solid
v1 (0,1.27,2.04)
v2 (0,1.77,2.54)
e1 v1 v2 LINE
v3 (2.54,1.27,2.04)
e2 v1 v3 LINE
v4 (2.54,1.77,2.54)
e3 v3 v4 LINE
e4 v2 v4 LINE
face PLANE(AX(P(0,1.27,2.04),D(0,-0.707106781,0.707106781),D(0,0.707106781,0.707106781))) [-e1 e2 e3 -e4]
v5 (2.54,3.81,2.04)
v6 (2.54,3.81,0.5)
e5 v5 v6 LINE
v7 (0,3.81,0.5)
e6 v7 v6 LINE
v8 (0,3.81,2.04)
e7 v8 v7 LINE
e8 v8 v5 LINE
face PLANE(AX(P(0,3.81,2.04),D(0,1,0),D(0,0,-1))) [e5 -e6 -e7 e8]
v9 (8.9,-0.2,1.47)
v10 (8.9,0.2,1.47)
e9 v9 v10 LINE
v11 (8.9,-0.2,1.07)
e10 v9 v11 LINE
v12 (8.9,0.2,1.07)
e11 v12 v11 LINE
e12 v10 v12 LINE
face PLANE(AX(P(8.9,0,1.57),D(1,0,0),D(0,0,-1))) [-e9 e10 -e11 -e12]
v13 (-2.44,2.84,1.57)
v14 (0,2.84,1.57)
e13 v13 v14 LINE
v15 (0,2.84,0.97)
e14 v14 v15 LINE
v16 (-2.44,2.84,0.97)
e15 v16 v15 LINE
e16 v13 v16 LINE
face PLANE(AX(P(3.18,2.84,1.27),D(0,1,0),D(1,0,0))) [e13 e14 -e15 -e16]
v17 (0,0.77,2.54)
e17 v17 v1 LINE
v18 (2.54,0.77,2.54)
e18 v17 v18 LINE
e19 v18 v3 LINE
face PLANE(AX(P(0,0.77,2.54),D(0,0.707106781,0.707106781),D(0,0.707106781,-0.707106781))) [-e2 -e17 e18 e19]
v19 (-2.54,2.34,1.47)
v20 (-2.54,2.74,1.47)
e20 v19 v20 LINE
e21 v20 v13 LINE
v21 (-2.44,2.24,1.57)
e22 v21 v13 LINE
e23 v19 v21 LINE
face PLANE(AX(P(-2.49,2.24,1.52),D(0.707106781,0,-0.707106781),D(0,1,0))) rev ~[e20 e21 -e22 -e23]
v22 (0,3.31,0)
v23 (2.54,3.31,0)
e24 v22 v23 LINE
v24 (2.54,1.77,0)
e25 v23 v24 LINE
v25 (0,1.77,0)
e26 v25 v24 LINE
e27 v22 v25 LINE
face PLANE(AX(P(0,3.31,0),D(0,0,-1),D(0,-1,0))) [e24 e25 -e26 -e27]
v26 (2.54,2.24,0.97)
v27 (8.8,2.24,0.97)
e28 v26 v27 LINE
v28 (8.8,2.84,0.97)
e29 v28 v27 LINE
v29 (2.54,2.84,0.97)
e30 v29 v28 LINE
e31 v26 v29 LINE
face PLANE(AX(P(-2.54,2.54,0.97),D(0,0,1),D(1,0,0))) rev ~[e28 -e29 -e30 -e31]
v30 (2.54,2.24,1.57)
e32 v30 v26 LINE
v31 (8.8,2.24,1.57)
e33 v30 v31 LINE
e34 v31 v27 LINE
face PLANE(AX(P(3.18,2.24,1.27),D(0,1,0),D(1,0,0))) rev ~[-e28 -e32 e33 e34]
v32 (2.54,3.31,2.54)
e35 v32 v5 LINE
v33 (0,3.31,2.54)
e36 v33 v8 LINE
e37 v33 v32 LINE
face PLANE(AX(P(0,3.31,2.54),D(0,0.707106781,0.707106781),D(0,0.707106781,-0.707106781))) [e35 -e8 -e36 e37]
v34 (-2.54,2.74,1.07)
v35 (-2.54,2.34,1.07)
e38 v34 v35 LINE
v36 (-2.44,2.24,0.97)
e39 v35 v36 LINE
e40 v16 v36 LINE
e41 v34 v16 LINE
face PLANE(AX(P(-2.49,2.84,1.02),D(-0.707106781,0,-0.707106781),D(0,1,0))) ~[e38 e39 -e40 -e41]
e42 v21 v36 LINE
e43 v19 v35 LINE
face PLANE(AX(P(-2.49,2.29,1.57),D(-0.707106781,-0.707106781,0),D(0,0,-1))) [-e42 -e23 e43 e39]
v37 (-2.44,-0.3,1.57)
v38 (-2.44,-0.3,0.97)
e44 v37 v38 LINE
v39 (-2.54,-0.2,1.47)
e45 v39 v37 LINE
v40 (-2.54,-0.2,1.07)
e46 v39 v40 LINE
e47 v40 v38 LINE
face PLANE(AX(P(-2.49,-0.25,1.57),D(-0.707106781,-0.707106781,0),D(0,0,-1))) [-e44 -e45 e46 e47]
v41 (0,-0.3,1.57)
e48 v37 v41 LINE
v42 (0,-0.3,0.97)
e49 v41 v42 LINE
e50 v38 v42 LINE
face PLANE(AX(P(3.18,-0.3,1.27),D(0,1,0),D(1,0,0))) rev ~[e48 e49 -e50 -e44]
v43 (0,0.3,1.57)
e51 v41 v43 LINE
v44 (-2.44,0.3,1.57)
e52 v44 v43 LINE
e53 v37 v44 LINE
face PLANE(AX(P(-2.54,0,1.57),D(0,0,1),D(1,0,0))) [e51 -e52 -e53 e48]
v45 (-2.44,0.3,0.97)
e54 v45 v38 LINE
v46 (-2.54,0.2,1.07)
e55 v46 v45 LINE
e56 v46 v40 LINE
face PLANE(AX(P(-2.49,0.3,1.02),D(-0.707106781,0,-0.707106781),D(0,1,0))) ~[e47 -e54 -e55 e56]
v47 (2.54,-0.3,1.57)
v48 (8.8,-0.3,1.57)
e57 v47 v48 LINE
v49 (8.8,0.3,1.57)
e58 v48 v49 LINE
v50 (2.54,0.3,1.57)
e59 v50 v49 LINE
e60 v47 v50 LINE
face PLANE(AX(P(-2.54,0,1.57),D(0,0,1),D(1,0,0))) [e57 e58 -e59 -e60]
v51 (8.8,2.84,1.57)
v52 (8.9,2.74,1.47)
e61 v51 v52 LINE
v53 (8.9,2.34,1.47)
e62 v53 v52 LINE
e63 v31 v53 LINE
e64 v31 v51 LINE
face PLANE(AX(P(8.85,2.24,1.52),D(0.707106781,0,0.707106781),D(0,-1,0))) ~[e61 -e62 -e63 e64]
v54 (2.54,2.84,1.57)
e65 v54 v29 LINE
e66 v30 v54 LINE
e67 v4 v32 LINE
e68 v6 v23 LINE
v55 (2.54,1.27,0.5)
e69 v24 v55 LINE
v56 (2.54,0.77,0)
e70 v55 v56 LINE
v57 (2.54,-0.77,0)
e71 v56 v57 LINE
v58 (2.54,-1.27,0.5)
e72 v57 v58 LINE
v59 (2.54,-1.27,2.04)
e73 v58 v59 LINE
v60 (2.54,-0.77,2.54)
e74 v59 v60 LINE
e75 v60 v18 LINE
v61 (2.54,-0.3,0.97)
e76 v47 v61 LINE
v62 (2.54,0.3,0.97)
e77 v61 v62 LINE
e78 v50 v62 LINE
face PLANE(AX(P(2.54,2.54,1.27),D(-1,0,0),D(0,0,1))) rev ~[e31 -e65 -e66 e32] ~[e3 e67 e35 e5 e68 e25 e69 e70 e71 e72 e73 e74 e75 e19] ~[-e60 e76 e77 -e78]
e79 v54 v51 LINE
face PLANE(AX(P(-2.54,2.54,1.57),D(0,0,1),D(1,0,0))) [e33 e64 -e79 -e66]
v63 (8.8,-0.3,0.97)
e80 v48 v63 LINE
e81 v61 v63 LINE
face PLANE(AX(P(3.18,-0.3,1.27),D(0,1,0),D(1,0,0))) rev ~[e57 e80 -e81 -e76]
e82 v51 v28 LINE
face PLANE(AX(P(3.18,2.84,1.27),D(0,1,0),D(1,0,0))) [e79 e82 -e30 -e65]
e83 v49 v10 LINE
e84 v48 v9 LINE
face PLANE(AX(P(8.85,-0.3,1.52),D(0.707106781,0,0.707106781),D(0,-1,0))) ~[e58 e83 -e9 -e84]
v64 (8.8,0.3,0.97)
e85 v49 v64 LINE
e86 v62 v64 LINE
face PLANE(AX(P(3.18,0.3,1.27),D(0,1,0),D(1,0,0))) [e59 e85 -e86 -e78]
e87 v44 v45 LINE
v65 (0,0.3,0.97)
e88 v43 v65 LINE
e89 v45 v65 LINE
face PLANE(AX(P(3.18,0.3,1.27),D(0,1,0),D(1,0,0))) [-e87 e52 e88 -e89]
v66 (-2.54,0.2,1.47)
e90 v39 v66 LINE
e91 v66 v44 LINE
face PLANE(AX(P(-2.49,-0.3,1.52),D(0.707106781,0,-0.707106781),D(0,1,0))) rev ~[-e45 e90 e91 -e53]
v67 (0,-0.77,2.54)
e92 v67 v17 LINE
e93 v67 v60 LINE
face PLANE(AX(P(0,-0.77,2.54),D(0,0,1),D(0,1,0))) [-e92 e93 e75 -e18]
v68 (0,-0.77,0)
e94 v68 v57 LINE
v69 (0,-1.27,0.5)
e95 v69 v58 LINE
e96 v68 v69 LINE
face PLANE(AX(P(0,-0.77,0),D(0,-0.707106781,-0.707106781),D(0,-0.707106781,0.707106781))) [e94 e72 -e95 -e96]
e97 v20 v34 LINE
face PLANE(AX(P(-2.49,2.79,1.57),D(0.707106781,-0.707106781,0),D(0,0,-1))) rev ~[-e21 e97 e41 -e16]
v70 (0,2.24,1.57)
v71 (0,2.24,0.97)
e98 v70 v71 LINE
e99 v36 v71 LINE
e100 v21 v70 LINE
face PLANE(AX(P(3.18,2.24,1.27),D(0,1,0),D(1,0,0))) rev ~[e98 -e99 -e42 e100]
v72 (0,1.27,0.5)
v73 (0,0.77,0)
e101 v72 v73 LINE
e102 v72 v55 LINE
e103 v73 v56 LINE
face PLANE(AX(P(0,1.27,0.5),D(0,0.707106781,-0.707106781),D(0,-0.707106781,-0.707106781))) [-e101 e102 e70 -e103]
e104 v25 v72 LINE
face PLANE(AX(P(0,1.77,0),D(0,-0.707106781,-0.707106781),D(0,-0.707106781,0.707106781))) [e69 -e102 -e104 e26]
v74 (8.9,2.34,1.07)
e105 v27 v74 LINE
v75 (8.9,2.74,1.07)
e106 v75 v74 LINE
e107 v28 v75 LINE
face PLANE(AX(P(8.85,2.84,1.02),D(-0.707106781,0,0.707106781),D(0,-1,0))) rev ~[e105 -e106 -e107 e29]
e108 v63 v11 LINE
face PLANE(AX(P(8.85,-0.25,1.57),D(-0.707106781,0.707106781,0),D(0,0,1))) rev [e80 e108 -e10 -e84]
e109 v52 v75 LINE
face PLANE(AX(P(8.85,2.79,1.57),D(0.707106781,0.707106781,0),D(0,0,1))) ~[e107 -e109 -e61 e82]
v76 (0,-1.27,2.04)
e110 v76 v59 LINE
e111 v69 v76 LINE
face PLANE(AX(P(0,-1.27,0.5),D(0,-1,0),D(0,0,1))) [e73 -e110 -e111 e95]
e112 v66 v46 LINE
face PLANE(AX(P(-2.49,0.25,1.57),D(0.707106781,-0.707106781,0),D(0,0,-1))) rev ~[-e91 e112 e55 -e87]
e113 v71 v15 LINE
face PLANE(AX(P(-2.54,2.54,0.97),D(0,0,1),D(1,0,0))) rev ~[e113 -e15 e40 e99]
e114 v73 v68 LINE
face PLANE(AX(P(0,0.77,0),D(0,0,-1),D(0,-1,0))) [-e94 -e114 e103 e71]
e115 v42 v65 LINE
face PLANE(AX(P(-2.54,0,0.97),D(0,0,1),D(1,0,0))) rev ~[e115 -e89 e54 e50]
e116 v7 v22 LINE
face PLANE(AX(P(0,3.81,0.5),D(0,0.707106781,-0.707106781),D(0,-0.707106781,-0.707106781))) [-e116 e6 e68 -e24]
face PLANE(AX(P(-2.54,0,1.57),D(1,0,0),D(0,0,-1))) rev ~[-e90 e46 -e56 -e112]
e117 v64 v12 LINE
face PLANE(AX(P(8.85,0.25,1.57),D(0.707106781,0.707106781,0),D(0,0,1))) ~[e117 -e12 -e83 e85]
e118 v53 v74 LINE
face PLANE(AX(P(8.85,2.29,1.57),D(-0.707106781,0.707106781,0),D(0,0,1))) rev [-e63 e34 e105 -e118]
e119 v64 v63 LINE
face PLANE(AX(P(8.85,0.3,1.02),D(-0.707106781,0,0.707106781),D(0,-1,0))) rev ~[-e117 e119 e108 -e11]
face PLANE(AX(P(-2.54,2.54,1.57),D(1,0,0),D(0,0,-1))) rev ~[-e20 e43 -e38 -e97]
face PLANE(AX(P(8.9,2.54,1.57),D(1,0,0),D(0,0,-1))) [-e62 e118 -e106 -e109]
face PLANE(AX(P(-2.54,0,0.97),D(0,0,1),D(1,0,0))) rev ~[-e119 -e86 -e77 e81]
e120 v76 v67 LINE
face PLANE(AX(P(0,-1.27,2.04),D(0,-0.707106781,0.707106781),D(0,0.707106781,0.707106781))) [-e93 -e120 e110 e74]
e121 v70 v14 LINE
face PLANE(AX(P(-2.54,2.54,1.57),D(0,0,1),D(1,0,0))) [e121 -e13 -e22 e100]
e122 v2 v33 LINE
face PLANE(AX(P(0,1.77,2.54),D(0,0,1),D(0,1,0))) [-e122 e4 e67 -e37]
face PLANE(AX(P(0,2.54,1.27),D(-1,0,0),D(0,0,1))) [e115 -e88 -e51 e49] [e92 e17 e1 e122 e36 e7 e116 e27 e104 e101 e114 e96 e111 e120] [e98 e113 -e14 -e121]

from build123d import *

# Parameters (mm, degrees)
PLASTIC_DEPTH   = 2.54
SKETCH2_W       = 11.44
SKETCH2_H       = 0.6
CONTACT_DEPTH   = 0.3
CHAMFER1_SIZE   = 0.1
LPATTERN1_COUNT = 2
LPATTERN1_PITCH = 2.54


with BuildPart() as part:
    # Sketch1 → Plastic (new body)
    with BuildSketch(Plane(origin=(0, 0, 0), x_dir=(0, 0, -1), z_dir=(1, 0, 0))):
        Polygon((-2.04, 1.27), (-0.5, 1.27), (0, 0.77), (0, -0.77), (-0.5, -1.27), (-2.04, -1.27), (-2.54, -0.77), (-2.54, 0.77), align=None)
    extrude(amount=PLASTIC_DEPTH)

    # Sketch2 → Contact (add, symmetric)
    with BuildSketch(Plane(origin=(0, 0, 0), x_dir=(1, 0, 0), z_dir=(0, 1, 0))):
        with Locations((3.18, -1.27)):
            Rectangle(SKETCH2_W, SKETCH2_H)
    extrude(amount=CONTACT_DEPTH, both=True)

    # Chamfer1
    chamfer1_edges = [part.edges().sort_by_distance(p)[0] for p in [
        (8.9, 0, 0.97),
        (8.9, 0.3, 1.27),
        (-2.54, 0, 1.57),
        (8.9, -0.3, 1.27),
        (8.9, 0, 1.57),
        (-2.54, -0.3, 1.27),
        (-2.54, 0, 0.97),
        (-2.54, 0.3, 1.27),
    ]]
    chamfer(chamfer1_edges, length=CHAMFER1_SIZE)

    # LPattern1: part ×2


with BuildPart() as part_1:
    add(part.part)
    with Locations(*[(0, i * LPATTERN1_PITCH, 0) for i in range(1, LPATTERN1_COUNT)]):
        add(part.part)


solid = part_1.part
